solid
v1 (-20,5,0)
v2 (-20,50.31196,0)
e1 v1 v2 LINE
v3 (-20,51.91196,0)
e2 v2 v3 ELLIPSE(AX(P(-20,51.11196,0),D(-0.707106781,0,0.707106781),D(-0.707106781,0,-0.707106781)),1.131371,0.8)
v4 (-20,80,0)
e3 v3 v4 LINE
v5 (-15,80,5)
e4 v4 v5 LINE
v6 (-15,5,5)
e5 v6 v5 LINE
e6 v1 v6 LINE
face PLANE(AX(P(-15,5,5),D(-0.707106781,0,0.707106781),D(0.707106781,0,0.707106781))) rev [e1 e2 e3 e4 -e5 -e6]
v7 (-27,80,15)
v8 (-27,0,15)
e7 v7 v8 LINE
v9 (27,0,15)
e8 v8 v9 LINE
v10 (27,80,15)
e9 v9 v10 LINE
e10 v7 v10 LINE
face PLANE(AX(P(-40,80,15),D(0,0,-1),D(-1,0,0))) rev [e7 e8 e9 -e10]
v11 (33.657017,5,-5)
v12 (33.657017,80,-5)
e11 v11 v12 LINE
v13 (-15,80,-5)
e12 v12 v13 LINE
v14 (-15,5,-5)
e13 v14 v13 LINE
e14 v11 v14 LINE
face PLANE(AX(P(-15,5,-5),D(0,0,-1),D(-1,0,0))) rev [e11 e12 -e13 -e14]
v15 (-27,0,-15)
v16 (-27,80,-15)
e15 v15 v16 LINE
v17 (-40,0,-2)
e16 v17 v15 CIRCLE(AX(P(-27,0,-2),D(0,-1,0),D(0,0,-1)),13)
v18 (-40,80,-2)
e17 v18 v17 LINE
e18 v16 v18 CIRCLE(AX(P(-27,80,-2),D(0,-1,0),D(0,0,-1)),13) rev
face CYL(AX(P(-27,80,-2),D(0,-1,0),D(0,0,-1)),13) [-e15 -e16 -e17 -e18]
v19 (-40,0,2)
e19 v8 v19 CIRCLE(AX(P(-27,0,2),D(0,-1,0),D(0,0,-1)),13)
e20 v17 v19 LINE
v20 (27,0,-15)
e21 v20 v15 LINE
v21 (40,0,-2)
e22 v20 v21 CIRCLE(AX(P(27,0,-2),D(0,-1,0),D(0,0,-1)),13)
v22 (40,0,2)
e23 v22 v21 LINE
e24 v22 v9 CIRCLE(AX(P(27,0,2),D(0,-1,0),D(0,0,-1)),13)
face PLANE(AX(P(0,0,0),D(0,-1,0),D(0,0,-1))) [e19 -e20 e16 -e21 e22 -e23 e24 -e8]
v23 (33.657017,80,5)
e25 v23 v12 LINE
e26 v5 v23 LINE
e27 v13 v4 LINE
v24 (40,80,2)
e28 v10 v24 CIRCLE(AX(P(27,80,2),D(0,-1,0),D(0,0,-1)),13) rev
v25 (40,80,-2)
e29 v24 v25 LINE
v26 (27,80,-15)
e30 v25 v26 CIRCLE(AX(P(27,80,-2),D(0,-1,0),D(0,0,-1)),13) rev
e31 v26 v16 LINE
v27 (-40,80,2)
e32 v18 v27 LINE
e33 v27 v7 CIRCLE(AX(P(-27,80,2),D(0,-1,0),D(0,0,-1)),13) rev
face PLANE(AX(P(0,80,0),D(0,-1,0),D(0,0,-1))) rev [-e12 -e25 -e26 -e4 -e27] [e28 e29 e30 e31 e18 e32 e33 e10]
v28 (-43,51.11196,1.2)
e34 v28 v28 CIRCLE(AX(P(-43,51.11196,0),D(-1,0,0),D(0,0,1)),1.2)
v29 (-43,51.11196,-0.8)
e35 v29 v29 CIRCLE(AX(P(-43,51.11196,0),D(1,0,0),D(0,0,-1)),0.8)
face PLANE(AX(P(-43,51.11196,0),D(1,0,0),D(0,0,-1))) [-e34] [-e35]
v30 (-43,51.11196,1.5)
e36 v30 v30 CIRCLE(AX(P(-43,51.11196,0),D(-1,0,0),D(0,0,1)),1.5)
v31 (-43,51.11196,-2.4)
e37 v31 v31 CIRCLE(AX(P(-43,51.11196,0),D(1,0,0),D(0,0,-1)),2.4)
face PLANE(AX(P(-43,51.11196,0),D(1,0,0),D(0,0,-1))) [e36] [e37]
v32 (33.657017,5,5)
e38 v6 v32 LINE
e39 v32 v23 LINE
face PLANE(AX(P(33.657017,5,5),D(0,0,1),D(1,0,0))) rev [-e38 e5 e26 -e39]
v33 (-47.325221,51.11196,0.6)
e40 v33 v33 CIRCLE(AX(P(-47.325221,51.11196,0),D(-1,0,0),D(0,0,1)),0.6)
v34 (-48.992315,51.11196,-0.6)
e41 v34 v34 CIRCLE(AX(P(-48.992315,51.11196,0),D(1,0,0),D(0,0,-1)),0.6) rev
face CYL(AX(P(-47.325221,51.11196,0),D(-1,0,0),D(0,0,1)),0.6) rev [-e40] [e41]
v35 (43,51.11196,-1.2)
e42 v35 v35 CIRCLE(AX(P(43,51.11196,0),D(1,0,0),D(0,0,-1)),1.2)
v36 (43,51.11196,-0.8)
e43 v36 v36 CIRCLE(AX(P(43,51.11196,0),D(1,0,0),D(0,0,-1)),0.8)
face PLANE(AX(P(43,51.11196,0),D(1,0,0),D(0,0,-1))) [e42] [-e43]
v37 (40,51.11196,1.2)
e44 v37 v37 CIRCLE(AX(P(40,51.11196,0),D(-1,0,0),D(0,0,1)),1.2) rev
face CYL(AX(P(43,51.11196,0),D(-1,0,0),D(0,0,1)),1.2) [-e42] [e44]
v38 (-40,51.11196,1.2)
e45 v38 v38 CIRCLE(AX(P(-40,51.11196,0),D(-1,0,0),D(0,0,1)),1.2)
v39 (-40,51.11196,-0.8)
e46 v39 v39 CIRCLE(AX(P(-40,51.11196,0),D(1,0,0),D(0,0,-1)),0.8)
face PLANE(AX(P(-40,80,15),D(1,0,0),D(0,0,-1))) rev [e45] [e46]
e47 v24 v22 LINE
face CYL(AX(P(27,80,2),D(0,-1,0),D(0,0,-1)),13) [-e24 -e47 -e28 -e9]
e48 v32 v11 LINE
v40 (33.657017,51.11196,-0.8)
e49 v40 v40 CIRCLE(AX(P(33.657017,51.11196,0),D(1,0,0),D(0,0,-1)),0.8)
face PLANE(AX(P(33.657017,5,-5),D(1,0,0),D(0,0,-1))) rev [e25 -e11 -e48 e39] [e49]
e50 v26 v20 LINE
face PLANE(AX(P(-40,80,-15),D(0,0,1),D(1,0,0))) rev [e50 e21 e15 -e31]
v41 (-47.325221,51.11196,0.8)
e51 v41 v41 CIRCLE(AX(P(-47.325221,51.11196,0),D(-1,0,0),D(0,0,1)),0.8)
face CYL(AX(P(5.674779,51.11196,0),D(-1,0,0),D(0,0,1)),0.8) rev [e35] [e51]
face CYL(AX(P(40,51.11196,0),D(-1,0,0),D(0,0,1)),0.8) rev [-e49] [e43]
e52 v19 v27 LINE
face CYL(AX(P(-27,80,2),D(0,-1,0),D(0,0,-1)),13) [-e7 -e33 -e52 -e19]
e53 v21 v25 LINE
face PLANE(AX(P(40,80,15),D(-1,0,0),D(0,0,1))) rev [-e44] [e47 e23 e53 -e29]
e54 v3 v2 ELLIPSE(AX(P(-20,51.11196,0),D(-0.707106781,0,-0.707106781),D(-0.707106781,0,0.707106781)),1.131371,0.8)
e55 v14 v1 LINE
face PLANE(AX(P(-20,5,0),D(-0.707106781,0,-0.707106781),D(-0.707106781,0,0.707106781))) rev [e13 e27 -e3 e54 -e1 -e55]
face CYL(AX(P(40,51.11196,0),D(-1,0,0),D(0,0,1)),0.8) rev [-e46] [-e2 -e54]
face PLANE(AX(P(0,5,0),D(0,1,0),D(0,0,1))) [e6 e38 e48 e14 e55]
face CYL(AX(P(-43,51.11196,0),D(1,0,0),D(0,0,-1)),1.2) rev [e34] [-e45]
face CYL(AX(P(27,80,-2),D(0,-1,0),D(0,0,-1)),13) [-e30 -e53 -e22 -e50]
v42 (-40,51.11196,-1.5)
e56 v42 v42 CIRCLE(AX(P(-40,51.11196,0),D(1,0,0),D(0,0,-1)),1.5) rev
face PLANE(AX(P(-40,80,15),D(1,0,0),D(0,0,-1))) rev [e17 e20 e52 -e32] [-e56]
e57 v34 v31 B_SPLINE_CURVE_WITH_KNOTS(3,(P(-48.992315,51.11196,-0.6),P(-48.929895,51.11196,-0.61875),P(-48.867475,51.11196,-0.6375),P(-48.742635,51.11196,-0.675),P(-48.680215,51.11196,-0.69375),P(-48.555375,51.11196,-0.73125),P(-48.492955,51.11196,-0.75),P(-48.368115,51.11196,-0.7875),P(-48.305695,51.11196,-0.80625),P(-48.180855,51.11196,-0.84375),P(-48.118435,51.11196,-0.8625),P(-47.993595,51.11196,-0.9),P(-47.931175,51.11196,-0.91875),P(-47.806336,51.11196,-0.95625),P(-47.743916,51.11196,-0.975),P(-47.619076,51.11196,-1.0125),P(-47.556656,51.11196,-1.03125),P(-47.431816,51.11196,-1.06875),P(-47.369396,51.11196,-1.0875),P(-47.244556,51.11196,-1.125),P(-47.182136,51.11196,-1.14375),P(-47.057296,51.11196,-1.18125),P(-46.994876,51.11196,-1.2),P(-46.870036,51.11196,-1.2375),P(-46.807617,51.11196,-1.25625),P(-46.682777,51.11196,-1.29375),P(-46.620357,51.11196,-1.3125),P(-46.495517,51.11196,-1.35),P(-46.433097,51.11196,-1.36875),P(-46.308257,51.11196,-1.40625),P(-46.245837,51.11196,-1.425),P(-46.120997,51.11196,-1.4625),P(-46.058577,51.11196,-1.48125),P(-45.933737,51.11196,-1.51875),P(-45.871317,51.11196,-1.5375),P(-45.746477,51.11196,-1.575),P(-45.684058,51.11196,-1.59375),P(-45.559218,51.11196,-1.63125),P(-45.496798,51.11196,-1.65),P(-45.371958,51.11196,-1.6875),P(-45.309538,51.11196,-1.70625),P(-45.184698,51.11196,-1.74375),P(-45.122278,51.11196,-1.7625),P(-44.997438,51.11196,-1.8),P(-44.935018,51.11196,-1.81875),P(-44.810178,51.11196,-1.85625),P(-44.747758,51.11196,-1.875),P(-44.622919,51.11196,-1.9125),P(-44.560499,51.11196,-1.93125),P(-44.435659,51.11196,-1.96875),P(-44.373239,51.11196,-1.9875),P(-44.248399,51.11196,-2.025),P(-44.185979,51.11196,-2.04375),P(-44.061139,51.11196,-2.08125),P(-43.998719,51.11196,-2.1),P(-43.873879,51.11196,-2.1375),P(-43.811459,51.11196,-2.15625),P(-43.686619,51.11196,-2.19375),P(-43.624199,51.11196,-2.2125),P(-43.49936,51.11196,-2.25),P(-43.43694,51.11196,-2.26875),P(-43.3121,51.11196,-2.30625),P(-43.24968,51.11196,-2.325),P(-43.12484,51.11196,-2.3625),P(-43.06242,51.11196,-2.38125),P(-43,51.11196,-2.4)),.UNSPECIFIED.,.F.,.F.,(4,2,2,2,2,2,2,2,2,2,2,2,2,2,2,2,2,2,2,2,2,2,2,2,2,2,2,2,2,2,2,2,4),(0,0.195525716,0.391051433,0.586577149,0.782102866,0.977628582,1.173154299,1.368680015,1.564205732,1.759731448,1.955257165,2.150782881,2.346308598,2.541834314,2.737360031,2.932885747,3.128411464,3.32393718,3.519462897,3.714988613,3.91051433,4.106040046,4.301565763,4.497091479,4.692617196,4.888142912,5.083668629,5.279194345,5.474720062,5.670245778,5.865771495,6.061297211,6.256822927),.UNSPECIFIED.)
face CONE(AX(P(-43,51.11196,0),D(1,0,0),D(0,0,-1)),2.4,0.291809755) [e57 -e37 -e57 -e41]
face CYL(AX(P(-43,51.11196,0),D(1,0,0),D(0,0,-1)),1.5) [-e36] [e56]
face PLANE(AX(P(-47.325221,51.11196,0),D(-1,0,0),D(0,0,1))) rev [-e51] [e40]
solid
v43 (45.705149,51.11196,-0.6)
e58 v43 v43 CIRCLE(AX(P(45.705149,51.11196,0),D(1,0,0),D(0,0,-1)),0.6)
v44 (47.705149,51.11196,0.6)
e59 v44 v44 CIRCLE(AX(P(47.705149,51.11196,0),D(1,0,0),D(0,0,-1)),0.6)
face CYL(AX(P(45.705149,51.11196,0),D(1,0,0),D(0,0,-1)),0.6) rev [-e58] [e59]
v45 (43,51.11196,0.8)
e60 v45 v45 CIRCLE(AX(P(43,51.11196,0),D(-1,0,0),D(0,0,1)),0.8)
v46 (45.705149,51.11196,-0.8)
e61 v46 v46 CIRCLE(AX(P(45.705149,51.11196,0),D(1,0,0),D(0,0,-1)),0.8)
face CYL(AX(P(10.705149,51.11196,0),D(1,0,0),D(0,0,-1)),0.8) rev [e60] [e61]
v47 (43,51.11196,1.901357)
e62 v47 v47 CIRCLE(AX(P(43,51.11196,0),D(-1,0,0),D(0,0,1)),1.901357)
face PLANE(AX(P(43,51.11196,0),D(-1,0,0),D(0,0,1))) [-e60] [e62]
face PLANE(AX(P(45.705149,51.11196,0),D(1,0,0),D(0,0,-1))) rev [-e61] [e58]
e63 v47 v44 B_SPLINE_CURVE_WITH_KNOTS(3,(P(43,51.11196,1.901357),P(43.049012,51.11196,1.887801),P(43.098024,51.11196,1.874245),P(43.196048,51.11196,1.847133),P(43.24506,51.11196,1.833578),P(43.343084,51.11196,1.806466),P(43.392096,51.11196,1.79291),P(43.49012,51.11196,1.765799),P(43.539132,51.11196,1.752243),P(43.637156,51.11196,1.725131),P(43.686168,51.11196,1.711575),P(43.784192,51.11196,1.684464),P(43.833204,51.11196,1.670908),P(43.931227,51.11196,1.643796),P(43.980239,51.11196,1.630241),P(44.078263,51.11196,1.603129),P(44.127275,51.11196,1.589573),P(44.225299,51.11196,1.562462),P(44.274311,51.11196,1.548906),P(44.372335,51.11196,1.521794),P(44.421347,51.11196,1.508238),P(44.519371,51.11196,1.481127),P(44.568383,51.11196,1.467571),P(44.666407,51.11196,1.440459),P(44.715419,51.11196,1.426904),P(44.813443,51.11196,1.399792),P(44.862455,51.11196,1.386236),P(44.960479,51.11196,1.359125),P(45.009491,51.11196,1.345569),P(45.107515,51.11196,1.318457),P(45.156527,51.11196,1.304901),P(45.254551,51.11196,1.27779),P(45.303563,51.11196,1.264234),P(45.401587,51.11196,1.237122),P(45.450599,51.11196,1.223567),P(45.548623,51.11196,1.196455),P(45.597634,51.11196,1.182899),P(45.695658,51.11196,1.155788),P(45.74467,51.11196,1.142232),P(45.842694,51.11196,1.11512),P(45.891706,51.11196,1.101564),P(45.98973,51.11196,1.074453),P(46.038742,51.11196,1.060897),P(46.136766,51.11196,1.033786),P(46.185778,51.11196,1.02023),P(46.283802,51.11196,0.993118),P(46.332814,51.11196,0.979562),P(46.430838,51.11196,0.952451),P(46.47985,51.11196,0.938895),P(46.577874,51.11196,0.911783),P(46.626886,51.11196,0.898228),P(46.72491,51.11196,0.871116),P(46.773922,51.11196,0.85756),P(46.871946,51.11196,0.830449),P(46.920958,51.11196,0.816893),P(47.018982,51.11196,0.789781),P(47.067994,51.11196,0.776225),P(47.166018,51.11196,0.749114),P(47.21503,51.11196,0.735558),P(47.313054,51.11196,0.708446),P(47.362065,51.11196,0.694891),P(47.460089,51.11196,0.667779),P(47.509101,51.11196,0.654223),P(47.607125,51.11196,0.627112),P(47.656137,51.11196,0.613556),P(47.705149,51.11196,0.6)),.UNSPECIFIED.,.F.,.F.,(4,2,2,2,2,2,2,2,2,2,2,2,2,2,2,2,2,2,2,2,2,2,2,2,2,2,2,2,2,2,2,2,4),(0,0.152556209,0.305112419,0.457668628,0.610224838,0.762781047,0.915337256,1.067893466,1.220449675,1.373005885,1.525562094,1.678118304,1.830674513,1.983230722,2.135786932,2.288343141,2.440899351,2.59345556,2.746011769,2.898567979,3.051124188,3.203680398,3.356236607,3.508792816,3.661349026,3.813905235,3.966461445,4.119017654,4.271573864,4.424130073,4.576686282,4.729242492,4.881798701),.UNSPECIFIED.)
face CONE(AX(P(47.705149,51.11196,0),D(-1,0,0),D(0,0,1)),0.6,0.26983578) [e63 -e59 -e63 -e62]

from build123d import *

# Parameters (mm, degrees)
SKETCH1_W               = 80
SKETCH1_H               = 30
BOSS_EXTRUDE1_DEPTH     = 80
CUT_EXTRUDE1_DEPTH      = 75
CUT_EXTRUDE2_DEPTH      = 115.127122105
CUT_EXTRUDE2_DEPTH_BACK = 115.127122105
SKETCH3_R               = 0.8
SKETCH4_R               = 1.5
SKETCH4_R_2             = 1.2
BOSS_EXTRUDE2_DEPTH     = 3
SKETCH7_R               = 0.6
CUT_EXTRUDE3_DEPTH      = 2
SKETCH8_R               = 0.8
CUT_EXTRUDE4_DEPTH      = 53
FILLET1_R               = 13
SKETCH9_R               = 1.2
SKETCH9_R_2             = 0.8
BOSS_EXTRUDE3_DEPTH     = 3
CUT_EXTRUDE5_START      = -2
SKETCH12_R              = 0.6
CUT_EXTRUDE5_DEPTH      = 2
CUT_EXTRUDE6_START      = -35
SKETCH14_R              = 0.8
CUT_EXTRUDE6_DEPTH      = 35


with BuildPart() as part:
    # Sketch1 → Boss-Extrude1 (new body)
    with BuildSketch(Plane(origin=(0, 0, 0), x_dir=(1, 0, 0), z_dir=(0, 1, 0))):
        Rectangle(SKETCH1_W, SKETCH1_H)
    extrude(amount=BOSS_EXTRUDE1_DEPTH)

    # Sketch2 → Cut-Extrude1 (cut)
    with BuildSketch(Plane(origin=(0, 80, 0), x_dir=(1, 0, 0), z_dir=(0, 1, 0))):
        Polygon((-15, 5), (15, 5), (33.657016573, 5), (33.657016573, -5), (15, -5), (-15, -5), (-20, 0), align=None)
    extrude(amount=-CUT_EXTRUDE1_DEPTH, mode=Mode.SUBTRACT)

    # Sketch3 → Cut-Extrude2 (cut, two sides: drawn at the far end of the back side and taken through both)
    with BuildSketch(Plane.ZY.offset(40).offset(-CUT_EXTRUDE2_DEPTH_BACK)):
        with Locations(Location((0, 51.111959895, 0), (0, 0, 270))):
            Circle(SKETCH3_R)
    extrude(amount=CUT_EXTRUDE2_DEPTH + CUT_EXTRUDE2_DEPTH_BACK, mode=Mode.SUBTRACT)

    # Sketch4 → Boss-Extrude2 (add)
    with BuildSketch(Plane.ZY.offset(40)):
        with Locations(Location((0, 51.111959895, 0), (0, 0, 180))):
            Circle(SKETCH4_R)
        with Locations((0, 51.111959895)):
            Circle(SKETCH4_R_2, mode=Mode.SUBTRACT)
    extrude(amount=BOSS_EXTRUDE2_DEPTH)

    # Sketch6 → Revolve1 (revolve)
    with BuildSketch(Plane.XY, mode=Mode.PRIVATE) as revolve1_sk:
        Polygon((-43, 51.111959895), (-49.325220868, 51.111959895), (-49.325220868, 51.611959895), (-43, 53.511959895), align=None)
    revolve(revolve1_sk.sketch.rotate(Axis((-43, 51.111959895, 0), (-1, 0, 0)), 270), axis=Axis((-43, 51.111959895, 0), (-1, 0, 0)))

    # Sketch7 → Cut-Extrude3 (cut)
    with BuildSketch(Plane.ZY.offset(49.325220868)):
        with Locations((0, 51.111959895)):
            Circle(SKETCH7_R)
    extrude(amount=-CUT_EXTRUDE3_DEPTH, mode=Mode.SUBTRACT)

    # Sketch8 → Cut-Extrude4 (cut)
    with BuildSketch(Plane.ZY.offset(47.325220868)):
        with Locations(Location((0, 51.111959895, 0), (0, 0, 270))):
            Circle(SKETCH8_R)
    extrude(amount=-CUT_EXTRUDE4_DEPTH, mode=Mode.SUBTRACT)

    # Fillet1
    fillet1_edges = [part.edges().sort_by_distance(p)[0] for p in [
        (40, 40, 15),
        (-40, 40, 15),
        (-40, 40, -15),
        (40, 40, -15),
    ]]
    fillet(fillet1_edges, radius=FILLET1_R)

    # Sketch9 → Boss-Extrude3 (add)
    with BuildSketch(Plane(origin=(40, 0, 0), x_dir=(0, 0, -1), z_dir=(1, 0, 0))):
        with Locations(Location((0, 51.111959895, 0), (0, 0, 180))):
            Circle(SKETCH9_R)
        with Locations(Location((0, 51.111959895, 0), (0, 0, 270))):
            Circle(SKETCH9_R_2, mode=Mode.SUBTRACT)
    extrude(amount=BOSS_EXTRUDE3_DEPTH)


with BuildPart() as body_2:
    # Sketch11 → Revolve2 (revolve)
    with BuildSketch(Plane.XY, mode=Mode.PRIVATE) as revolve2_sk:
        Polygon((43, 51.111959895), (43, 53.013316413), (47.705149283, 51.711959895), (47.705149283, 51.111959895), align=None)
    revolve(revolve2_sk.sketch.rotate(Axis((43, 51.111959895, 0), (1, 0, 0)), 270), axis=Axis((43, 51.111959895, 0), (1, 0, 0)))

    # Sketch12 → Cut-Extrude5 (cut)
    with BuildSketch(Plane(origin=(47.705149283, 0, 0), x_dir=(0, 0, -1), z_dir=(1, 0, 0)).offset(CUT_EXTRUDE5_START)):
        with Locations((0, 51.111959895)):
            Circle(SKETCH12_R)
    extrude(amount=CUT_EXTRUDE5_DEPTH, mode=Mode.SUBTRACT)

    # Sketch14 → Cut-Extrude6 (cut)
    with BuildSketch(Plane(origin=(45.705149283, 0, 0), x_dir=(0, 0, -1), z_dir=(1, 0, 0)).offset(CUT_EXTRUDE6_START)):
        with Locations((0, 51.111959895)):
            Circle(SKETCH14_R)
    extrude(amount=CUT_EXTRUDE6_DEPTH, mode=Mode.SUBTRACT)


solid = Compound([part.part, body_2.part])
